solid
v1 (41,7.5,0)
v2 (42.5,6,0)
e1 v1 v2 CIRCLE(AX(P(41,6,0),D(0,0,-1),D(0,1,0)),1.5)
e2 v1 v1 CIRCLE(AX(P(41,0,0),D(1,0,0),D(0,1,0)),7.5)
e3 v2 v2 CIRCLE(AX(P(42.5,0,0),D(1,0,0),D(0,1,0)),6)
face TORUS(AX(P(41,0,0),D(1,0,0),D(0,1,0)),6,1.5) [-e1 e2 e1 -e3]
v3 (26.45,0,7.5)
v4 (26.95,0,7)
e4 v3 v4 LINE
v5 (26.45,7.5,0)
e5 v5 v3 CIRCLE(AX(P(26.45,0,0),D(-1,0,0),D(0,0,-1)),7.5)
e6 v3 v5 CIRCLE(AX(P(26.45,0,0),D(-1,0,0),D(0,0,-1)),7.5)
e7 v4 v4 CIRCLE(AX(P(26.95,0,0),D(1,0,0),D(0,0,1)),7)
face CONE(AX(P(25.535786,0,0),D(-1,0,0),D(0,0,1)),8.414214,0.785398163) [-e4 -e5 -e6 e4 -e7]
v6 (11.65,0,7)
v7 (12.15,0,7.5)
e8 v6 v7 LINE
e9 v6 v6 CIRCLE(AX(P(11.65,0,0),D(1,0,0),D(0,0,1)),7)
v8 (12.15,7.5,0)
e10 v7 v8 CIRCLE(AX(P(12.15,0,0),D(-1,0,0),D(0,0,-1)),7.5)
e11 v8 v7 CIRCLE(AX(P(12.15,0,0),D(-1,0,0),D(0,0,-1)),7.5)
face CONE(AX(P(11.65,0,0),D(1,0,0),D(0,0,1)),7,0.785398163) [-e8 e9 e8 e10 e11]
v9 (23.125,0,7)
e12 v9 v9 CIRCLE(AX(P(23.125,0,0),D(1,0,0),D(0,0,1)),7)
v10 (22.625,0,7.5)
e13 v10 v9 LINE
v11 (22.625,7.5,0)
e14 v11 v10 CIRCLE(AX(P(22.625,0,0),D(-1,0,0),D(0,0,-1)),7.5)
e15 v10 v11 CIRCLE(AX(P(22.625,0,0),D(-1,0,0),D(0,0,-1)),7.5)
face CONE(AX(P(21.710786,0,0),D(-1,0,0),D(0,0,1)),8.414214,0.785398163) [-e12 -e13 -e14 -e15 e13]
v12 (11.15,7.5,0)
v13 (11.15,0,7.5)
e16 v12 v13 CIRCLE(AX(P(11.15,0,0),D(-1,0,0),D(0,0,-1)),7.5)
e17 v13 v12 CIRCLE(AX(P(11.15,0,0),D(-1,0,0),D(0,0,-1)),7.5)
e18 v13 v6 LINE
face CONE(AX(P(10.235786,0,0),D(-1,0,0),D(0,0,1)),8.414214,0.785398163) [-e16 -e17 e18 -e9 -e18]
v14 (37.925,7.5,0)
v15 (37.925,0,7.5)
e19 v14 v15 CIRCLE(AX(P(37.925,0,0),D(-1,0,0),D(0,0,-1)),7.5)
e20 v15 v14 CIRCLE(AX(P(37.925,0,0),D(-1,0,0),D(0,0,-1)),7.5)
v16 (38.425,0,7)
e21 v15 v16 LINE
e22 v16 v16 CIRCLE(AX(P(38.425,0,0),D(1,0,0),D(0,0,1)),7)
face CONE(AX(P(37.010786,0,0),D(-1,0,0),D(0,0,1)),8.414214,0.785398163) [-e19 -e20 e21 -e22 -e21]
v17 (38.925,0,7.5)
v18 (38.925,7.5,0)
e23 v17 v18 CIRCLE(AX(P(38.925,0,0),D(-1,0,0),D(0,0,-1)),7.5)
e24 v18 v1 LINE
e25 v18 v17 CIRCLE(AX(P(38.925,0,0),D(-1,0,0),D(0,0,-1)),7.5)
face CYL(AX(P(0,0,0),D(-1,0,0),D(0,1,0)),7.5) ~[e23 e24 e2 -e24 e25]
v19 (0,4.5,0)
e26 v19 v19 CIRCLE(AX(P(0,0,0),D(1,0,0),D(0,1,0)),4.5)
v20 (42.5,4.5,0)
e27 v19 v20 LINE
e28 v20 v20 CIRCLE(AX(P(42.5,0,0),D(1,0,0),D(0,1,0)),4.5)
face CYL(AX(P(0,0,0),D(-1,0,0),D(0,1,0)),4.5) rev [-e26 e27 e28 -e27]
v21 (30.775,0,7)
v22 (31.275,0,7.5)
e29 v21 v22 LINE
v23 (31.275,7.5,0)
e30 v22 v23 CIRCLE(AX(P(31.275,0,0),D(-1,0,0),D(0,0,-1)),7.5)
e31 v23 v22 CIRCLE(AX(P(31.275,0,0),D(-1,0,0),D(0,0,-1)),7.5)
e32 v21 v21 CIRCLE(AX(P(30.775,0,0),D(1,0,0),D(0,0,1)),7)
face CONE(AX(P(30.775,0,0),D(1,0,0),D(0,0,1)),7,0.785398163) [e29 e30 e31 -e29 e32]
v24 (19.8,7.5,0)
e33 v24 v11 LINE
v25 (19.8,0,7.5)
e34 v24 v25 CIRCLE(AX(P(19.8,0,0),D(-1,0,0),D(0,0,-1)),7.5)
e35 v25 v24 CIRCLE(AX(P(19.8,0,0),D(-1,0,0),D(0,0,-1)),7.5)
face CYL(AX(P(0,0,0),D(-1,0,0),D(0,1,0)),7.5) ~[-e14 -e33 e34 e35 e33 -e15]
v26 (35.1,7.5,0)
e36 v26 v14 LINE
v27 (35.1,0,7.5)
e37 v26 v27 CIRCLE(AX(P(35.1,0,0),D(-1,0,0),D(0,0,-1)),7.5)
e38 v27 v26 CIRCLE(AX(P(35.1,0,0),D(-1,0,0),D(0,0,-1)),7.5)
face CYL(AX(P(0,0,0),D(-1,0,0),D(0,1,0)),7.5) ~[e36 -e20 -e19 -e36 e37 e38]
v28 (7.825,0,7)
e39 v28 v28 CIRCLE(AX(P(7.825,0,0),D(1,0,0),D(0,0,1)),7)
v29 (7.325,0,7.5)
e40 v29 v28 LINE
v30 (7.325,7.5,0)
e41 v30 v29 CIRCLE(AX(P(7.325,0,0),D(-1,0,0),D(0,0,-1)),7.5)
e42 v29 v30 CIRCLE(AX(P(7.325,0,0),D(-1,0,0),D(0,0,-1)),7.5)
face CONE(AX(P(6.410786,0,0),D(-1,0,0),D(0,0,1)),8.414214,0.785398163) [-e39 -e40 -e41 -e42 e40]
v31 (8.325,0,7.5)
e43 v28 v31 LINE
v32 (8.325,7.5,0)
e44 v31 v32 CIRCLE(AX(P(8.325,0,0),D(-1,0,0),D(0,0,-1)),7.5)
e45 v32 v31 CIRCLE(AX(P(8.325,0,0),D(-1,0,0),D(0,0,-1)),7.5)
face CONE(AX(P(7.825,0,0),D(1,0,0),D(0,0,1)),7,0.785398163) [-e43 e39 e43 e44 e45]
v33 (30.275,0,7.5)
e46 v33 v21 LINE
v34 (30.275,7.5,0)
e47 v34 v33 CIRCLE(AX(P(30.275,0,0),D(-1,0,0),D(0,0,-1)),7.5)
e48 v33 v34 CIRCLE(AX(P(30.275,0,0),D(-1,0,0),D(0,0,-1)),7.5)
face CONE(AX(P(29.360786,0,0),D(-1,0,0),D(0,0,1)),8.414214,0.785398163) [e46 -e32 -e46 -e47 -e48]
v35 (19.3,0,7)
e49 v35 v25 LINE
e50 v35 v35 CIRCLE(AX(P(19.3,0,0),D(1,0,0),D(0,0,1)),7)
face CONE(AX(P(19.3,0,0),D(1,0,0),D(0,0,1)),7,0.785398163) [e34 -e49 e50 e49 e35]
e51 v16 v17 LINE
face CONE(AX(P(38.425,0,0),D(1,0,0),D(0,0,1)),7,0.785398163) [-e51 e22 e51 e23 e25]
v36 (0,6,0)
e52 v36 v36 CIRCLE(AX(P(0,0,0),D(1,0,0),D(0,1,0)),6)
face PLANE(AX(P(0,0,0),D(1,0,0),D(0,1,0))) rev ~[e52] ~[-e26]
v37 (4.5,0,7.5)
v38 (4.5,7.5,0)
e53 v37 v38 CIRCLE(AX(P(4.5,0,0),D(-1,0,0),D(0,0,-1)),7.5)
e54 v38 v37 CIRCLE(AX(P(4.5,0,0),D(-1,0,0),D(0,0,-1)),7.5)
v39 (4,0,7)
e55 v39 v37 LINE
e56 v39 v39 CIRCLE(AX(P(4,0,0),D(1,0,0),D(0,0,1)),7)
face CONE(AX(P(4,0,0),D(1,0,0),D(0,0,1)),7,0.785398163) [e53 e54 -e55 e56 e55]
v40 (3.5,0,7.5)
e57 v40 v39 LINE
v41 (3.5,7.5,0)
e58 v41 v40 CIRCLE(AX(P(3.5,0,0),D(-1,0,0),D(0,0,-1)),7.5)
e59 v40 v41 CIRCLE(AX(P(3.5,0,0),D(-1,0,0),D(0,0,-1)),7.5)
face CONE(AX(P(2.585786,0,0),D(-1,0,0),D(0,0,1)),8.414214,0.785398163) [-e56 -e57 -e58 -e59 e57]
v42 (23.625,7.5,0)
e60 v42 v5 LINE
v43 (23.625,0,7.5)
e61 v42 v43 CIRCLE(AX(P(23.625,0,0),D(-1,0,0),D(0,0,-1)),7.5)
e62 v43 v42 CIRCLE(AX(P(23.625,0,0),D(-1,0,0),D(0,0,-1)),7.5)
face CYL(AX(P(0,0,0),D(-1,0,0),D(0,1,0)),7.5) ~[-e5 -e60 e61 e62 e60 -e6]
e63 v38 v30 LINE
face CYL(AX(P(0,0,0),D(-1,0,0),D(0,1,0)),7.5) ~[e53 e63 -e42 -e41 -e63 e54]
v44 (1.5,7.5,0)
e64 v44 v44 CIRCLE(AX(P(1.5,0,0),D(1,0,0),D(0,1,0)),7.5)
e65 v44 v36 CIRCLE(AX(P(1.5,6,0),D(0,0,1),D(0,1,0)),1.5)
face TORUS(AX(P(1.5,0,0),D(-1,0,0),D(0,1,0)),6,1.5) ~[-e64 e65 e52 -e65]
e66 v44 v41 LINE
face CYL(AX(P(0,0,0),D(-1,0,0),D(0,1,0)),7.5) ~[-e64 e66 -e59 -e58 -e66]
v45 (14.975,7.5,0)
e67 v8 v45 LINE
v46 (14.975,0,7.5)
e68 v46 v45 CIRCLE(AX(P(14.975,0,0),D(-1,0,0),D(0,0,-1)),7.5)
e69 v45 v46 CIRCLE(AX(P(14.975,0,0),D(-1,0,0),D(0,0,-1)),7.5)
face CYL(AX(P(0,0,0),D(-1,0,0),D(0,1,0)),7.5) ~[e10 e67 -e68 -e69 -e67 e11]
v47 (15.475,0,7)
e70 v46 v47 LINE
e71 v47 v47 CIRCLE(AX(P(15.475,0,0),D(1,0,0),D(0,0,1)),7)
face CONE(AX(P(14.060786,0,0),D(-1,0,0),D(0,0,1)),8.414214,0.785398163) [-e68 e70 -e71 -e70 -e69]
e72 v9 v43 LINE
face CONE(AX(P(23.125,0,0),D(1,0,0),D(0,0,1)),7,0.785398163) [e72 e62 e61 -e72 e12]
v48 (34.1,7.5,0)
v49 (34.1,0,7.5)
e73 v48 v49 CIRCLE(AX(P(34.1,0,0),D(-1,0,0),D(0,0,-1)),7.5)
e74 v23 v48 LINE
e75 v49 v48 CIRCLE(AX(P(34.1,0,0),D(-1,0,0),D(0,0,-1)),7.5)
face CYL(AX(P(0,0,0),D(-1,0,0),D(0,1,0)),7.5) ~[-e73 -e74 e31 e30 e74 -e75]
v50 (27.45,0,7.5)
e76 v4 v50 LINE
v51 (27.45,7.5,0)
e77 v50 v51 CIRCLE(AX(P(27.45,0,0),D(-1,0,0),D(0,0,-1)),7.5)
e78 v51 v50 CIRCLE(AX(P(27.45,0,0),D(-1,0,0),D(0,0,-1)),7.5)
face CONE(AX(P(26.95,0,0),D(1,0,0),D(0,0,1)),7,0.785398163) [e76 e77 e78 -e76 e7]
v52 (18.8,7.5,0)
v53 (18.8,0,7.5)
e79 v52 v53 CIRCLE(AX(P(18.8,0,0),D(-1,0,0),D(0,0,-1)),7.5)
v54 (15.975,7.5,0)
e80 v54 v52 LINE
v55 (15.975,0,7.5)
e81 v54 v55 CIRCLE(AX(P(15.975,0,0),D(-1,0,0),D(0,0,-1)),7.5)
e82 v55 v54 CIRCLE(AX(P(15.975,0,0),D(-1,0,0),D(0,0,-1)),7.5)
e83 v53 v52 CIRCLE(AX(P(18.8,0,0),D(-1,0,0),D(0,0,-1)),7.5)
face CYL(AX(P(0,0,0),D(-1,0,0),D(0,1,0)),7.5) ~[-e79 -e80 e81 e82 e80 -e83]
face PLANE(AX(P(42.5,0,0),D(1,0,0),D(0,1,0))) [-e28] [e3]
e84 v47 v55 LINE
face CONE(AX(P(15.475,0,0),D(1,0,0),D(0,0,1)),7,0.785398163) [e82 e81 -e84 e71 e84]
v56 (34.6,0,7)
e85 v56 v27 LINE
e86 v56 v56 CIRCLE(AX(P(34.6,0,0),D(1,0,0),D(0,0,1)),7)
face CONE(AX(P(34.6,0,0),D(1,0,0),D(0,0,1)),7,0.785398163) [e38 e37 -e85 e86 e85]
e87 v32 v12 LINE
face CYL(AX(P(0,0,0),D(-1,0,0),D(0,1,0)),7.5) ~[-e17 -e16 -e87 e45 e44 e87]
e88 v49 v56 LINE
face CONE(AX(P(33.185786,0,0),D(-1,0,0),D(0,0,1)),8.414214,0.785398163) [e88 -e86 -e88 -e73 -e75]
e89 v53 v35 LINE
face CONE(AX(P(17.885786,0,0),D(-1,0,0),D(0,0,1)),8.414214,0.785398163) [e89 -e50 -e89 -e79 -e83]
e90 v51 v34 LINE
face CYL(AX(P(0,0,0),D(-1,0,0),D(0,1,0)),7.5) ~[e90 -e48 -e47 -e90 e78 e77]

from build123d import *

# Parameters (mm, degrees)
F0_R     = 7.5
F0_R_2   = 4.5
F1_DEPTH = 42.5
F2_R     = 1.5


with BuildPart() as f1:
    # F0 (on Right) → F1 (new body)
    with BuildSketch(Plane.YZ):
        Circle(F0_R)
        Circle(F0_R_2, mode=Mode.SUBTRACT)
    extrude(amount=F1_DEPTH)

    # F2
    f2_edges = [f1.edges().sort_by_distance(p)[0] for p in [
        (42.5, -7.5, 0),
        (0, -7.5, 0),
    ]]
    fillet(f2_edges, radius=F2_R)

    # F6 (on Front) → F7 (revolve, cut)
    with BuildSketch(Plane.XZ):
        Polygon((5.414214, 8.414214), (2.585786, 8.414214), (4, 7), align=None)
        Polygon((6.410786, 8.414214), (7.825, 7), (9.239214, 8.414214), align=None)
        Polygon((10.235786, 8.414214), (11.65, 7), (13.064214, 8.414214), align=None)
        Polygon((14.060786, 8.414214), (15.475, 7), (16.889214, 8.414214), align=None)
        Polygon((17.885786, 8.414214), (19.3, 7), (20.714214, 8.414214), align=None)
        Polygon((21.710786, 8.414214), (23.125, 7), (24.539214, 8.414214), align=None)
        Polygon((25.535786, 8.414214), (26.95, 7), (28.364214, 8.414214), align=None)
        Polygon((29.360786, 8.414214), (30.775, 7), (32.189214, 8.414214), align=None)
        Polygon((33.185786, 8.414214), (34.6, 7), (36.014214, 8.414214), align=None)
        Polygon((37.010786, 8.414214), (38.425, 7), (39.839214, 8.414214), align=None)
    revolve(axis=Axis((21.25, 0, 0), (1, 0, 0)), mode=Mode.SUBTRACT)


solid = f1.part
